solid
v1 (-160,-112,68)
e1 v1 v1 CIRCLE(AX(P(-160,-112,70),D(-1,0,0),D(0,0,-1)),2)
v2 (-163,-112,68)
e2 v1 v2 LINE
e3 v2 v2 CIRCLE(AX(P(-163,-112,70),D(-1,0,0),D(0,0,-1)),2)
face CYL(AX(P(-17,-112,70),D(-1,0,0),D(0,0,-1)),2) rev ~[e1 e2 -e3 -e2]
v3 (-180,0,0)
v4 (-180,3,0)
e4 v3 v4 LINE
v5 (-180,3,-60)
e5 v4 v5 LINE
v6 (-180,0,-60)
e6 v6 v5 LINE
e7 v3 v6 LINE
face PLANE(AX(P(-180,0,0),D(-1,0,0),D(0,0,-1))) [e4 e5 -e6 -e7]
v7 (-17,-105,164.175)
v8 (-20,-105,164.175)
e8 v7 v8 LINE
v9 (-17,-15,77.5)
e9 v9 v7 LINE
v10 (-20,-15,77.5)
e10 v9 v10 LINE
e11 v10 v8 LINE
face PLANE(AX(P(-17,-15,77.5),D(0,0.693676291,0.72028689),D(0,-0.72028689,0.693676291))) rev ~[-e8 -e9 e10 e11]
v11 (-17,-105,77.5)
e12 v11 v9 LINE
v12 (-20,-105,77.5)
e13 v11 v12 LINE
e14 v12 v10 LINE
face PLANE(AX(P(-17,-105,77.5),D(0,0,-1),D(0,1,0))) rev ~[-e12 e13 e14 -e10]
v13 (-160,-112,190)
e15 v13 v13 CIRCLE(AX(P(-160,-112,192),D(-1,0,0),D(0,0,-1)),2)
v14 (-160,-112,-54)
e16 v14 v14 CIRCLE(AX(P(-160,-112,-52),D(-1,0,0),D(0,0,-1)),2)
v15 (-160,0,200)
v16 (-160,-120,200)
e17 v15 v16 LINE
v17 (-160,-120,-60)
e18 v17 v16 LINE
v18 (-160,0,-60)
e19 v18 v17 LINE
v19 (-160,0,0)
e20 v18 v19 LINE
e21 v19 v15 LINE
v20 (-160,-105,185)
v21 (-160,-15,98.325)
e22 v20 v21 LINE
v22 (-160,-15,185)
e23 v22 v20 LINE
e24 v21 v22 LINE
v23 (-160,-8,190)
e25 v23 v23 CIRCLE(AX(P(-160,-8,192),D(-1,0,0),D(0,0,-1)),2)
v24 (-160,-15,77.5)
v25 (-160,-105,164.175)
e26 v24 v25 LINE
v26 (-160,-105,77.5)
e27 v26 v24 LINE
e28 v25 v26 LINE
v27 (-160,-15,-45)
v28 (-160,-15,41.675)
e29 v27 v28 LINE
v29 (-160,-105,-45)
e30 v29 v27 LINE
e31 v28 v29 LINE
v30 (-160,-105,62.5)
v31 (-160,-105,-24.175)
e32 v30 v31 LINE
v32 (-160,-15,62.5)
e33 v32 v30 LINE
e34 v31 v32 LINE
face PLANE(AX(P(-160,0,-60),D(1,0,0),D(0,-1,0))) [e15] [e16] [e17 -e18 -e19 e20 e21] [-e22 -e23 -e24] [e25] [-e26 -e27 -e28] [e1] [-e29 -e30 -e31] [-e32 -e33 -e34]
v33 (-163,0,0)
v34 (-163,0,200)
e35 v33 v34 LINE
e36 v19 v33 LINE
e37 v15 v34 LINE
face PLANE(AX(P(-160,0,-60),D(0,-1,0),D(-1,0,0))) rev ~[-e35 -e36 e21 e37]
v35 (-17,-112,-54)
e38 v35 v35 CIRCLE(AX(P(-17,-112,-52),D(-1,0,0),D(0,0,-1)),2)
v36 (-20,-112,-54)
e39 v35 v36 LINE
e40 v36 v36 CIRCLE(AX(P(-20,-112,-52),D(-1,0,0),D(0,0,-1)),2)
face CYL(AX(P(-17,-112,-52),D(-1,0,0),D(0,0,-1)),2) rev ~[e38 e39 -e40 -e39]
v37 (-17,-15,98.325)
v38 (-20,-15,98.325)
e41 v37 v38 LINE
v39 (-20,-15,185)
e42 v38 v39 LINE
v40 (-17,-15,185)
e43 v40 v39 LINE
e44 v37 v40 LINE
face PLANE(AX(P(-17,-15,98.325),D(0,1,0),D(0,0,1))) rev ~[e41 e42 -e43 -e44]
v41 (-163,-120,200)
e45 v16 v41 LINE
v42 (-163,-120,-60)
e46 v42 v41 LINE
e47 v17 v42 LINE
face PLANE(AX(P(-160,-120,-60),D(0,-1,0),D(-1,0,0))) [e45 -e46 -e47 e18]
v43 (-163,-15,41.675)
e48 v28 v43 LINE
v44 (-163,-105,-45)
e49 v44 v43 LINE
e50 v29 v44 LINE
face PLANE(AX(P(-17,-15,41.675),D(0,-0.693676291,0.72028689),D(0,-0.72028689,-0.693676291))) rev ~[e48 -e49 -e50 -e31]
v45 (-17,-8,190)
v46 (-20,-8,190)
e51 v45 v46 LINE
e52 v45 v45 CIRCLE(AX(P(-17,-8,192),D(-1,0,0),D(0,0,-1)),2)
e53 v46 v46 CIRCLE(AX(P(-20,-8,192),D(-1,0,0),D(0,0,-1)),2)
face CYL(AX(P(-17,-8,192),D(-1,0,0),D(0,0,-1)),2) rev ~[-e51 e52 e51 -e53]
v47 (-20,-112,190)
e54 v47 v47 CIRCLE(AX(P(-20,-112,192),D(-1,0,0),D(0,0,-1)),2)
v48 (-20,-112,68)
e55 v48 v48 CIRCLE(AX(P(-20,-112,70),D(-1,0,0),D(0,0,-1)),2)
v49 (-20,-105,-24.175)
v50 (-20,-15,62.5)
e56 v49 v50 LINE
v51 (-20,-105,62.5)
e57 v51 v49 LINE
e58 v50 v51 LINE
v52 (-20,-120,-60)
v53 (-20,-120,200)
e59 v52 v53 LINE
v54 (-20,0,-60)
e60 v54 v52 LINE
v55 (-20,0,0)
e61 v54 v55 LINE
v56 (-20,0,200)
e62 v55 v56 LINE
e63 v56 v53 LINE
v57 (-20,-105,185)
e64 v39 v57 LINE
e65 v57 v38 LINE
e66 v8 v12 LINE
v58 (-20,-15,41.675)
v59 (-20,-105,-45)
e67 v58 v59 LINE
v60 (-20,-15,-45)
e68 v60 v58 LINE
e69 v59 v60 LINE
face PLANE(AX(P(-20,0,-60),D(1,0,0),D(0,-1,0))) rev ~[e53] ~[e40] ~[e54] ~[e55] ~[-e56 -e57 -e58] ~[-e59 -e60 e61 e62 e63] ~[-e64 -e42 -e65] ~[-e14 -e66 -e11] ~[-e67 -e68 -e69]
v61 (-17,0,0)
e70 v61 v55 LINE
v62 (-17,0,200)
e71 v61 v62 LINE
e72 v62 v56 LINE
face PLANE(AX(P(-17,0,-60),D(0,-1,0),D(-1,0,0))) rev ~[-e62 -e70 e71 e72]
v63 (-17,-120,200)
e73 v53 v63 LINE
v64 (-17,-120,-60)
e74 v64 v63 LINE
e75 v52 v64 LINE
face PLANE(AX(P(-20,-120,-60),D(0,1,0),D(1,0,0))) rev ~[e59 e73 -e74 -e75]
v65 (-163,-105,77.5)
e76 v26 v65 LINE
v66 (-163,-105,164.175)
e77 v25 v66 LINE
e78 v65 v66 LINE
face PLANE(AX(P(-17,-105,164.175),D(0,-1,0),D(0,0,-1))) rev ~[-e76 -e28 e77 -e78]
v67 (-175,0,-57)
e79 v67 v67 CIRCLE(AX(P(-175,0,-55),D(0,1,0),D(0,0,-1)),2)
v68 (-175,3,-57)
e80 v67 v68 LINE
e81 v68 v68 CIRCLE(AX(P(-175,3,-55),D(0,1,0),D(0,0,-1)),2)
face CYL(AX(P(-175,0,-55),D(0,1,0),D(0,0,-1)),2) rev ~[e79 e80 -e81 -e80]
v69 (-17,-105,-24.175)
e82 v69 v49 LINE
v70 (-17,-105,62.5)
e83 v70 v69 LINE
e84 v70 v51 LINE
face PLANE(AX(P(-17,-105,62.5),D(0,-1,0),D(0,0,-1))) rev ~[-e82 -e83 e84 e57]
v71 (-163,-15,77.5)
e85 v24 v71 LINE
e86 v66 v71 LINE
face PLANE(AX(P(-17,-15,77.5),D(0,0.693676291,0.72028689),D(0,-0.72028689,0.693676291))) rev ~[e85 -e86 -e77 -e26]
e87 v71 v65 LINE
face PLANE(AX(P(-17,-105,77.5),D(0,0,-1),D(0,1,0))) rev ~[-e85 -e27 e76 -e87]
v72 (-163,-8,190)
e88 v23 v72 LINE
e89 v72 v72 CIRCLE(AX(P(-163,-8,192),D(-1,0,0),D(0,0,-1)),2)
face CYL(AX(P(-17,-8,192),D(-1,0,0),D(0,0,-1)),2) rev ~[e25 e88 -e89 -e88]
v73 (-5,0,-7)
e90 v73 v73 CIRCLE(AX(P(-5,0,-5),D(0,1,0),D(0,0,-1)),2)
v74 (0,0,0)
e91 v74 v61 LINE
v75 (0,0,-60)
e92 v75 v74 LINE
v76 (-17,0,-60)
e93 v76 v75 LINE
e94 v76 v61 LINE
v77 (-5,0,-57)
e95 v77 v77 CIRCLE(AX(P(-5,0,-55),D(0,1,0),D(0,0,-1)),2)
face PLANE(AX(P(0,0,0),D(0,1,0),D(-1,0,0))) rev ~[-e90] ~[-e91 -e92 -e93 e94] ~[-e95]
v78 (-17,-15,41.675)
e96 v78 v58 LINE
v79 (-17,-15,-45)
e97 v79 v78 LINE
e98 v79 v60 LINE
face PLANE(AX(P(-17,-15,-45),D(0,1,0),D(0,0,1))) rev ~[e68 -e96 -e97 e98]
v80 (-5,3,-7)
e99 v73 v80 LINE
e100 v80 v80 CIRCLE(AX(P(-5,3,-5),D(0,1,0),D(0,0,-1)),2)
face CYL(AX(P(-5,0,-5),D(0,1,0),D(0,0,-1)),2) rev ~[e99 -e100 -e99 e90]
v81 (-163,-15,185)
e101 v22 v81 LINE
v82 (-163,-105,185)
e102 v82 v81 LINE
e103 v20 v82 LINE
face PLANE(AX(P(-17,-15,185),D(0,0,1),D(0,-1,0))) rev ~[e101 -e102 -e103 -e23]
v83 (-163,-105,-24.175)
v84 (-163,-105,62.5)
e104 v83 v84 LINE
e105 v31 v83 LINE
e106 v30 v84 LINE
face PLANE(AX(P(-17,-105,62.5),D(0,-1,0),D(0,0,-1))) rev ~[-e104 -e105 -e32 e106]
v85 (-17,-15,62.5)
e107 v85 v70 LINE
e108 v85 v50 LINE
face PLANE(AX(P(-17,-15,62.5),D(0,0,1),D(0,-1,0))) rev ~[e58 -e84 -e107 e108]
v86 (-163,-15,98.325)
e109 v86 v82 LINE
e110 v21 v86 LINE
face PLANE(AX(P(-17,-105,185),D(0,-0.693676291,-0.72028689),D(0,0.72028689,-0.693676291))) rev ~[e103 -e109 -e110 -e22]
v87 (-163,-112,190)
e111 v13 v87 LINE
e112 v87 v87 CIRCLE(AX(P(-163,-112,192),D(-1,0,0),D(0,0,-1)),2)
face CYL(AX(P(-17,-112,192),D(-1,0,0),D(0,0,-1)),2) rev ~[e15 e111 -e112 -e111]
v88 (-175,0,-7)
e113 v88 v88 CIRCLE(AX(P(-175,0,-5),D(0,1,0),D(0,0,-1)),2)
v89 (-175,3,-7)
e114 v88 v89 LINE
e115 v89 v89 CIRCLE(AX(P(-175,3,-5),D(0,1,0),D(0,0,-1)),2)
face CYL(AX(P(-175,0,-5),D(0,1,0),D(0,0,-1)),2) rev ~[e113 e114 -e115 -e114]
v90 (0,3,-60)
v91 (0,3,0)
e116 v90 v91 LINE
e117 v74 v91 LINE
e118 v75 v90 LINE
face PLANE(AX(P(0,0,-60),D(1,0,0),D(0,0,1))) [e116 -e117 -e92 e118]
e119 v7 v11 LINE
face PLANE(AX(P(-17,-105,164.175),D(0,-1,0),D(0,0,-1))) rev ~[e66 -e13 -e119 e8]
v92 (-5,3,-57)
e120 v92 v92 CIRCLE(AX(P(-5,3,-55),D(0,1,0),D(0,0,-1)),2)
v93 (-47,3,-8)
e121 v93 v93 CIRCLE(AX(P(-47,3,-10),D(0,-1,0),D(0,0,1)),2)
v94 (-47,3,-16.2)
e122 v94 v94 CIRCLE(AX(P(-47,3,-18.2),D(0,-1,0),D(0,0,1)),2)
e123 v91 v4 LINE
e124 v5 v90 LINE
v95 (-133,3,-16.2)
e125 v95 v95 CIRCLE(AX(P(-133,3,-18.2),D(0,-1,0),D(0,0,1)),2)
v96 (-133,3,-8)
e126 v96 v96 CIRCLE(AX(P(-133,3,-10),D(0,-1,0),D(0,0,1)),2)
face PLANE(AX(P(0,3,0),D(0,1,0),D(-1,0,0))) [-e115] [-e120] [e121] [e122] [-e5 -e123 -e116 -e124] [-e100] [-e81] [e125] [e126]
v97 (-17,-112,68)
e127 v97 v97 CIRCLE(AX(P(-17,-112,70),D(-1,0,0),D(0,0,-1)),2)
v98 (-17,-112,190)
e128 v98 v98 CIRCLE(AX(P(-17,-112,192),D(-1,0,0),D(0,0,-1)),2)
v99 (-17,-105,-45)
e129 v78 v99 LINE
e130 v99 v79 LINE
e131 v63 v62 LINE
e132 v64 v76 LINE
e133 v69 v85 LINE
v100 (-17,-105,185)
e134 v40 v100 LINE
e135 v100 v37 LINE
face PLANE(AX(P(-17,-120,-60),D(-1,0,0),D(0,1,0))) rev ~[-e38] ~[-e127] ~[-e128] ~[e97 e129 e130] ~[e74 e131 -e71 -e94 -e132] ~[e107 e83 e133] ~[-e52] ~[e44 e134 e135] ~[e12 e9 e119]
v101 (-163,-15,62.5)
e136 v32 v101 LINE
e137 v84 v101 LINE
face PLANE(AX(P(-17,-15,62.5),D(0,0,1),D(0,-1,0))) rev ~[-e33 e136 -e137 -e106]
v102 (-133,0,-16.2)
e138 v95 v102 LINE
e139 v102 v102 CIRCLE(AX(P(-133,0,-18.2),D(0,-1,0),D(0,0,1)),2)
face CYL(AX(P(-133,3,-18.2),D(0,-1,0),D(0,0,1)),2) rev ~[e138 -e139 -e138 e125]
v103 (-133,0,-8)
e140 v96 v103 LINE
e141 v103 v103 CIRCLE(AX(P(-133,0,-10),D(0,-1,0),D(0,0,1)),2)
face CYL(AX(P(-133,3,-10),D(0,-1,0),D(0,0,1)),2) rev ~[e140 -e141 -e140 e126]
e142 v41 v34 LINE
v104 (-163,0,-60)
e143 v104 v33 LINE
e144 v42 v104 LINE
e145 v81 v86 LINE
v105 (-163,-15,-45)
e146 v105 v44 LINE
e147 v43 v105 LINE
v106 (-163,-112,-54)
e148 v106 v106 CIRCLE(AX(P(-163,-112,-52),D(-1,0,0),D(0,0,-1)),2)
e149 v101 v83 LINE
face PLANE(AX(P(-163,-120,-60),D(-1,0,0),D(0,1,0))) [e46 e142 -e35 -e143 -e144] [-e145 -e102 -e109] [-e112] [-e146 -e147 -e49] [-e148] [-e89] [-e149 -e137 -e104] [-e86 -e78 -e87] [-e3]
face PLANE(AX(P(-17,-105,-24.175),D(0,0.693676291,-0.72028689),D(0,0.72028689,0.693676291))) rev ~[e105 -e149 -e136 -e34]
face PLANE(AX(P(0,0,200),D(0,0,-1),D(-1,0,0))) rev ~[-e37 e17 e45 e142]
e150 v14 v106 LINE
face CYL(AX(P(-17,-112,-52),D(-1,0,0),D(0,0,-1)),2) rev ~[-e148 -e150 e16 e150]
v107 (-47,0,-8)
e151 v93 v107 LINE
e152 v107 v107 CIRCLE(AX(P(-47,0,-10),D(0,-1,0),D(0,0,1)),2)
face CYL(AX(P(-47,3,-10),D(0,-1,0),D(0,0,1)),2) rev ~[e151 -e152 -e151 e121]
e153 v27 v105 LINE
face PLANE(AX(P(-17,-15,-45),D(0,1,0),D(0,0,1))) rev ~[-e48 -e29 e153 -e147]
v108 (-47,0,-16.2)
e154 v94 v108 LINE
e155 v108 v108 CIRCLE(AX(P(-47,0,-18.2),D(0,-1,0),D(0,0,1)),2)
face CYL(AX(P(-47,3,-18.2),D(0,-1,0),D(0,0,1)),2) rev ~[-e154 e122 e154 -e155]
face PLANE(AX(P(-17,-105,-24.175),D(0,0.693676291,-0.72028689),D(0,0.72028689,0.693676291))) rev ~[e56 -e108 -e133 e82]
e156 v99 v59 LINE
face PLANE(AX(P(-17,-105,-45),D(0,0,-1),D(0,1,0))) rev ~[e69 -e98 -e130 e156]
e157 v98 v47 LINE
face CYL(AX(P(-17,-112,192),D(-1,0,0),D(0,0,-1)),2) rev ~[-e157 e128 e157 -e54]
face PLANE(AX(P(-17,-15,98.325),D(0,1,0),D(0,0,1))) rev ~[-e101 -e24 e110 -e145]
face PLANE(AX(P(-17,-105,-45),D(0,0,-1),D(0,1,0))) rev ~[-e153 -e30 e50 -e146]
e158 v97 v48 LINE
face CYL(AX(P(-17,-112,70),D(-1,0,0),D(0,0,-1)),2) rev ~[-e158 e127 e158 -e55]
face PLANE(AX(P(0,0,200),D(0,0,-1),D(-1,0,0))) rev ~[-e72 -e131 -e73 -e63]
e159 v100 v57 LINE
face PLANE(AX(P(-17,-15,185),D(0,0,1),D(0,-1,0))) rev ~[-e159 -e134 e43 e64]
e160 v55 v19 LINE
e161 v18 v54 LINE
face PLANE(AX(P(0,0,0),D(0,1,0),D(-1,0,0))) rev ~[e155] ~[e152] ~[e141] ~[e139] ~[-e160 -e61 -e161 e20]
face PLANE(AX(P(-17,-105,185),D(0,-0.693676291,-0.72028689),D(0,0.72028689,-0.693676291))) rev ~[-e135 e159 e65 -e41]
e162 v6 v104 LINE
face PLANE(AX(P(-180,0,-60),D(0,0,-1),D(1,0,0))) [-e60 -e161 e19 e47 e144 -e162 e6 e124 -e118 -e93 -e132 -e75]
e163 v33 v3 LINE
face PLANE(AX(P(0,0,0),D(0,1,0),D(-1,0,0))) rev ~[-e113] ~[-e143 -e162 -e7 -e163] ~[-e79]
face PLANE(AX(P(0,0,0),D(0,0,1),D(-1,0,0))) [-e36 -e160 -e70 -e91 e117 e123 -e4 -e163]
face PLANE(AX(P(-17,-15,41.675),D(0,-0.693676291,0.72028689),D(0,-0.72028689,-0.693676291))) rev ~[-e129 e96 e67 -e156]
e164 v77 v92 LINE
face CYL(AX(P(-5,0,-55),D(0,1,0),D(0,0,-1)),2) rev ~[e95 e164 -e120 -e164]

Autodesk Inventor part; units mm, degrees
ref_plane "YZ Plane" through (0, 0, 0) normal (1, 0, 0) x (0, 1, 0)
ref_plane "XZ Plane" through (0, 0, 0) normal (0, 1, 0) x (-1, 0, 0)
ref_plane "XY Plane" through (0, 0, 0) normal (0, 0, 1) x (1, 0, 0)
sketch "Sketch1" plane through (0, 0, 0) normal (0, 1, 0) x (-1, 0, 0)
  line L0 (0, 0) -> (180, 0)
  line L1 (180, 0) -> (180, -60)
  line L2 (180, -60) -> (0, -60)
  line L3 (0, -60) -> (0, 0)
  dimension "d0" = 180
  dimension "d34" = 60
extrude "Plate1" add sketch "Sketch1" along normal blind 3
sketch "Sketch2" plane through (0, 3, 0) normal (0, 1, 0) x (1, 0, 0)
  line L0 (0, 60) -> (0, 0) projected
  line L1 (-180, 0) -> (-180, 60) projected
  line L2 (-133, 18.2) -> (-47, 18.2) construction
  line L3 (-180, 60) -> (0, 60) construction
  circle A0 centre (-103, 147.6372) radius 2 projected
  circle A1 centre (-47, 147.6372) radius 2 projected
  line L4 (-40, 142.6372) -> (-110, 142.6372) projected
  line L5 (-110, 142.6372) -> (-110, 152.6372) projected
  line L6 (-110, 152.6372) -> (-40, 152.6372) projected
  line L7 (-40, 152.6372) -> (-40, 142.6372) projected
  circle A2 centre (-103, 162.6372) radius 2 projected
  circle A3 centre (-47, 162.6372) radius 2 projected
  line L8 (-40, 157.6372) -> (-110, 157.6372) projected
  line L9 (-110, 157.6372) -> (-110, 167.6372) projected
  line L10 (-110, 167.6372) -> (-40, 167.6372) projected
  line L11 (-40, 167.6372) -> (-40, 157.6372) projected
  circle A4 centre (-103, 177.6372) radius 2 projected
  circle A5 centre (-47, 177.6372) radius 2 projected
  line L12 (-110, 182.6372) -> (-40, 182.6372) projected
  line L13 (-40, 182.6372) -> (-40, 172.6372) projected
  line L14 (-40, 172.6372) -> (-110, 172.6372) projected
  line L15 (-110, 172.6372) -> (-110, 182.6372) projected
  circle A6 centre (-103, 192.6372) radius 2 projected
  circle A7 centre (-47, 192.6372) radius 2 projected
  line L16 (-40, 187.6372) -> (-110, 187.6372) projected
  line L17 (-110, 187.6372) -> (-110, 197.6372) projected
  line L18 (-110, 197.6372) -> (-40, 197.6372) projected
  line L19 (-40, 197.6372) -> (-40, 187.6372) projected
  point P0 (-47, 10)
  point P1 (-133, 10)
  point P2 (-90, 18.2)
  point P3 (-90, 60)
  dimension "d4" = 8.2
  dimension "d31" = 86
  dimension "d56" = 10
hole "Hole1" at (-47, 3, -18.2) at (-47, 3, -10) at (-133, 3, -18.2) at (-133, 3, -10) direction (0, -1, 0) diameter 4 end through all
ref_plane "Work Plane1" through (-90, 0, 0) normal (1, 0, 0) x (0, 0, -1)
sketch "Sketch8" plane through (0, 0, 0) normal (0, -1, 0) x (1, 0, 0)
  line L0 (-180, 0) -> (-180, -60) projected
  line L1 (0, 0) -> (-180, 0) projected
  line L2 (-180, -60) -> (0, -60) projected
  line L3 (0, -60) -> (0, 0) projected
  line L4 (-175, -55) -> (-175, -5) construction
  line L5 (-175, -5) -> (-5, -5) construction
  line L6 (-5, -5) -> (-5, -55) construction
  line L7 (-5, -55) -> (-175, -55) construction
  dimension "d57" = 5
hole "Hole3" at (-175, 0, -5) at (-175, 0, -55) at (-5, 0, -55) at (-5, 0, -5) direction (0, 1, 0) diameter 4 end through all
sketch "Sketch9" plane through (0, 0, -60) normal (0, 0, -1) x (-1, 0, 0)
  line L0 (0, 0) -> (180, 0) projected
  line L1 (163, 0) -> (160, 0)
  line L2 (160, 0) -> (160, -120)
  line L3 (160, -120) -> (163, -120)
  line L4 (163, -120) -> (163, 0)
  line L5 (17, 0) -> (20, 0)
  line L6 (20, 0) -> (20, -120)
  line L7 (20, -120) -> (17, -120)
  line L8 (17, -120) -> (17, 0)
  line L9 (160, -120) -> (20, -120) construction
  point P0 (90, -120)
  point P1 (90, 0)
  dimension "d65" = 3
  dimension "d66" = 140
  dimension "d67" = 120
extrude "Extrusion3" add sketch "Sketch9" against normal blind 260
sketch "Sketch10" plane through (-17, -120, -60) normal (1, 0, 0) x (0, 0, -1)
  line L0 (-15, 15) -> (-15, 105)
  line L1 (-15, 105) -> (-101.675, 105)
  line L2 (-101.675, 105) -> (-15, 15)
  line L3 (-35.825, 15) -> (-122.5, 105)
  line L4 (-122.5, 105) -> (-122.5, 15)
  line L5 (-122.5, 15) -> (-35.825, 15)
  line L6 (-137.5, 15) -> (-137.5, 105)
  line L7 (-137.5, 105) -> (-224.175, 15)
  line L8 (-224.175, 15) -> (-137.5, 15)
  line L9 (-245, 15) -> (-158.325, 105)
  line L10 (-158.325, 105) -> (-245, 105)
  line L11 (-245, 105) -> (-245, 15)
  line L12 (-260, 0) -> (-260, 120) projected
  line L13 (-60, 120) -> (-260, 120) projected
  line L14 (0, 120) -> (0, 0) projected
  line L15 (0, 0) -> (-260, 0) projected
  point P0 (-8, 8)
  point P1 (-252, 8)
  point P2 (-252, 112)
  point P3 (-130, 8)
  point P4 (-130, 0)
  dimension "d70" = 15
  dimension "d71" = 15
  dimension "d72" = 15
  dimension "d73" = 15
  dimension "d74" = 15
  dimension "d75" = 15
  dimension "d77" = 15
  dimension "d80" = 8
  dimension "d81" = 8
  dimension "d82" = 8
  dimension "d83" = 8
extrude "Extrusion4" cut sketch "Sketch10" against normal through all
hole "Hole4" at (-17, -112, -52) at (-17, -112, 192) at (-17, -8, 192) at (-17, -112, 70) direction (-1, 0, 0) diameter 4 end through all
equation "\"d10\" = Thickness"
equation "\"d63\" = Thickness"
equation "\"BendRadius\" = Thickness"
equation "\"BendReliefWidth\" = Thickness"
equation "\"BendReliefDepth\" = 0.5 * Thickness"
equation "\"CornerReliefSize\" = 4 * Thickness"
equation "\"MinimumRemnant\" = 2 * Thickness"
equation "\"TransitionRadius\" = BendRadius"
equation "\"JacobiRadiusSize\" = BendRadius"
equation "\"GapSize\" = Thickness"
equation "\"d2\" = BendRadius"
equation "\"Thickness\" = 3"
properties part number "BASE"
